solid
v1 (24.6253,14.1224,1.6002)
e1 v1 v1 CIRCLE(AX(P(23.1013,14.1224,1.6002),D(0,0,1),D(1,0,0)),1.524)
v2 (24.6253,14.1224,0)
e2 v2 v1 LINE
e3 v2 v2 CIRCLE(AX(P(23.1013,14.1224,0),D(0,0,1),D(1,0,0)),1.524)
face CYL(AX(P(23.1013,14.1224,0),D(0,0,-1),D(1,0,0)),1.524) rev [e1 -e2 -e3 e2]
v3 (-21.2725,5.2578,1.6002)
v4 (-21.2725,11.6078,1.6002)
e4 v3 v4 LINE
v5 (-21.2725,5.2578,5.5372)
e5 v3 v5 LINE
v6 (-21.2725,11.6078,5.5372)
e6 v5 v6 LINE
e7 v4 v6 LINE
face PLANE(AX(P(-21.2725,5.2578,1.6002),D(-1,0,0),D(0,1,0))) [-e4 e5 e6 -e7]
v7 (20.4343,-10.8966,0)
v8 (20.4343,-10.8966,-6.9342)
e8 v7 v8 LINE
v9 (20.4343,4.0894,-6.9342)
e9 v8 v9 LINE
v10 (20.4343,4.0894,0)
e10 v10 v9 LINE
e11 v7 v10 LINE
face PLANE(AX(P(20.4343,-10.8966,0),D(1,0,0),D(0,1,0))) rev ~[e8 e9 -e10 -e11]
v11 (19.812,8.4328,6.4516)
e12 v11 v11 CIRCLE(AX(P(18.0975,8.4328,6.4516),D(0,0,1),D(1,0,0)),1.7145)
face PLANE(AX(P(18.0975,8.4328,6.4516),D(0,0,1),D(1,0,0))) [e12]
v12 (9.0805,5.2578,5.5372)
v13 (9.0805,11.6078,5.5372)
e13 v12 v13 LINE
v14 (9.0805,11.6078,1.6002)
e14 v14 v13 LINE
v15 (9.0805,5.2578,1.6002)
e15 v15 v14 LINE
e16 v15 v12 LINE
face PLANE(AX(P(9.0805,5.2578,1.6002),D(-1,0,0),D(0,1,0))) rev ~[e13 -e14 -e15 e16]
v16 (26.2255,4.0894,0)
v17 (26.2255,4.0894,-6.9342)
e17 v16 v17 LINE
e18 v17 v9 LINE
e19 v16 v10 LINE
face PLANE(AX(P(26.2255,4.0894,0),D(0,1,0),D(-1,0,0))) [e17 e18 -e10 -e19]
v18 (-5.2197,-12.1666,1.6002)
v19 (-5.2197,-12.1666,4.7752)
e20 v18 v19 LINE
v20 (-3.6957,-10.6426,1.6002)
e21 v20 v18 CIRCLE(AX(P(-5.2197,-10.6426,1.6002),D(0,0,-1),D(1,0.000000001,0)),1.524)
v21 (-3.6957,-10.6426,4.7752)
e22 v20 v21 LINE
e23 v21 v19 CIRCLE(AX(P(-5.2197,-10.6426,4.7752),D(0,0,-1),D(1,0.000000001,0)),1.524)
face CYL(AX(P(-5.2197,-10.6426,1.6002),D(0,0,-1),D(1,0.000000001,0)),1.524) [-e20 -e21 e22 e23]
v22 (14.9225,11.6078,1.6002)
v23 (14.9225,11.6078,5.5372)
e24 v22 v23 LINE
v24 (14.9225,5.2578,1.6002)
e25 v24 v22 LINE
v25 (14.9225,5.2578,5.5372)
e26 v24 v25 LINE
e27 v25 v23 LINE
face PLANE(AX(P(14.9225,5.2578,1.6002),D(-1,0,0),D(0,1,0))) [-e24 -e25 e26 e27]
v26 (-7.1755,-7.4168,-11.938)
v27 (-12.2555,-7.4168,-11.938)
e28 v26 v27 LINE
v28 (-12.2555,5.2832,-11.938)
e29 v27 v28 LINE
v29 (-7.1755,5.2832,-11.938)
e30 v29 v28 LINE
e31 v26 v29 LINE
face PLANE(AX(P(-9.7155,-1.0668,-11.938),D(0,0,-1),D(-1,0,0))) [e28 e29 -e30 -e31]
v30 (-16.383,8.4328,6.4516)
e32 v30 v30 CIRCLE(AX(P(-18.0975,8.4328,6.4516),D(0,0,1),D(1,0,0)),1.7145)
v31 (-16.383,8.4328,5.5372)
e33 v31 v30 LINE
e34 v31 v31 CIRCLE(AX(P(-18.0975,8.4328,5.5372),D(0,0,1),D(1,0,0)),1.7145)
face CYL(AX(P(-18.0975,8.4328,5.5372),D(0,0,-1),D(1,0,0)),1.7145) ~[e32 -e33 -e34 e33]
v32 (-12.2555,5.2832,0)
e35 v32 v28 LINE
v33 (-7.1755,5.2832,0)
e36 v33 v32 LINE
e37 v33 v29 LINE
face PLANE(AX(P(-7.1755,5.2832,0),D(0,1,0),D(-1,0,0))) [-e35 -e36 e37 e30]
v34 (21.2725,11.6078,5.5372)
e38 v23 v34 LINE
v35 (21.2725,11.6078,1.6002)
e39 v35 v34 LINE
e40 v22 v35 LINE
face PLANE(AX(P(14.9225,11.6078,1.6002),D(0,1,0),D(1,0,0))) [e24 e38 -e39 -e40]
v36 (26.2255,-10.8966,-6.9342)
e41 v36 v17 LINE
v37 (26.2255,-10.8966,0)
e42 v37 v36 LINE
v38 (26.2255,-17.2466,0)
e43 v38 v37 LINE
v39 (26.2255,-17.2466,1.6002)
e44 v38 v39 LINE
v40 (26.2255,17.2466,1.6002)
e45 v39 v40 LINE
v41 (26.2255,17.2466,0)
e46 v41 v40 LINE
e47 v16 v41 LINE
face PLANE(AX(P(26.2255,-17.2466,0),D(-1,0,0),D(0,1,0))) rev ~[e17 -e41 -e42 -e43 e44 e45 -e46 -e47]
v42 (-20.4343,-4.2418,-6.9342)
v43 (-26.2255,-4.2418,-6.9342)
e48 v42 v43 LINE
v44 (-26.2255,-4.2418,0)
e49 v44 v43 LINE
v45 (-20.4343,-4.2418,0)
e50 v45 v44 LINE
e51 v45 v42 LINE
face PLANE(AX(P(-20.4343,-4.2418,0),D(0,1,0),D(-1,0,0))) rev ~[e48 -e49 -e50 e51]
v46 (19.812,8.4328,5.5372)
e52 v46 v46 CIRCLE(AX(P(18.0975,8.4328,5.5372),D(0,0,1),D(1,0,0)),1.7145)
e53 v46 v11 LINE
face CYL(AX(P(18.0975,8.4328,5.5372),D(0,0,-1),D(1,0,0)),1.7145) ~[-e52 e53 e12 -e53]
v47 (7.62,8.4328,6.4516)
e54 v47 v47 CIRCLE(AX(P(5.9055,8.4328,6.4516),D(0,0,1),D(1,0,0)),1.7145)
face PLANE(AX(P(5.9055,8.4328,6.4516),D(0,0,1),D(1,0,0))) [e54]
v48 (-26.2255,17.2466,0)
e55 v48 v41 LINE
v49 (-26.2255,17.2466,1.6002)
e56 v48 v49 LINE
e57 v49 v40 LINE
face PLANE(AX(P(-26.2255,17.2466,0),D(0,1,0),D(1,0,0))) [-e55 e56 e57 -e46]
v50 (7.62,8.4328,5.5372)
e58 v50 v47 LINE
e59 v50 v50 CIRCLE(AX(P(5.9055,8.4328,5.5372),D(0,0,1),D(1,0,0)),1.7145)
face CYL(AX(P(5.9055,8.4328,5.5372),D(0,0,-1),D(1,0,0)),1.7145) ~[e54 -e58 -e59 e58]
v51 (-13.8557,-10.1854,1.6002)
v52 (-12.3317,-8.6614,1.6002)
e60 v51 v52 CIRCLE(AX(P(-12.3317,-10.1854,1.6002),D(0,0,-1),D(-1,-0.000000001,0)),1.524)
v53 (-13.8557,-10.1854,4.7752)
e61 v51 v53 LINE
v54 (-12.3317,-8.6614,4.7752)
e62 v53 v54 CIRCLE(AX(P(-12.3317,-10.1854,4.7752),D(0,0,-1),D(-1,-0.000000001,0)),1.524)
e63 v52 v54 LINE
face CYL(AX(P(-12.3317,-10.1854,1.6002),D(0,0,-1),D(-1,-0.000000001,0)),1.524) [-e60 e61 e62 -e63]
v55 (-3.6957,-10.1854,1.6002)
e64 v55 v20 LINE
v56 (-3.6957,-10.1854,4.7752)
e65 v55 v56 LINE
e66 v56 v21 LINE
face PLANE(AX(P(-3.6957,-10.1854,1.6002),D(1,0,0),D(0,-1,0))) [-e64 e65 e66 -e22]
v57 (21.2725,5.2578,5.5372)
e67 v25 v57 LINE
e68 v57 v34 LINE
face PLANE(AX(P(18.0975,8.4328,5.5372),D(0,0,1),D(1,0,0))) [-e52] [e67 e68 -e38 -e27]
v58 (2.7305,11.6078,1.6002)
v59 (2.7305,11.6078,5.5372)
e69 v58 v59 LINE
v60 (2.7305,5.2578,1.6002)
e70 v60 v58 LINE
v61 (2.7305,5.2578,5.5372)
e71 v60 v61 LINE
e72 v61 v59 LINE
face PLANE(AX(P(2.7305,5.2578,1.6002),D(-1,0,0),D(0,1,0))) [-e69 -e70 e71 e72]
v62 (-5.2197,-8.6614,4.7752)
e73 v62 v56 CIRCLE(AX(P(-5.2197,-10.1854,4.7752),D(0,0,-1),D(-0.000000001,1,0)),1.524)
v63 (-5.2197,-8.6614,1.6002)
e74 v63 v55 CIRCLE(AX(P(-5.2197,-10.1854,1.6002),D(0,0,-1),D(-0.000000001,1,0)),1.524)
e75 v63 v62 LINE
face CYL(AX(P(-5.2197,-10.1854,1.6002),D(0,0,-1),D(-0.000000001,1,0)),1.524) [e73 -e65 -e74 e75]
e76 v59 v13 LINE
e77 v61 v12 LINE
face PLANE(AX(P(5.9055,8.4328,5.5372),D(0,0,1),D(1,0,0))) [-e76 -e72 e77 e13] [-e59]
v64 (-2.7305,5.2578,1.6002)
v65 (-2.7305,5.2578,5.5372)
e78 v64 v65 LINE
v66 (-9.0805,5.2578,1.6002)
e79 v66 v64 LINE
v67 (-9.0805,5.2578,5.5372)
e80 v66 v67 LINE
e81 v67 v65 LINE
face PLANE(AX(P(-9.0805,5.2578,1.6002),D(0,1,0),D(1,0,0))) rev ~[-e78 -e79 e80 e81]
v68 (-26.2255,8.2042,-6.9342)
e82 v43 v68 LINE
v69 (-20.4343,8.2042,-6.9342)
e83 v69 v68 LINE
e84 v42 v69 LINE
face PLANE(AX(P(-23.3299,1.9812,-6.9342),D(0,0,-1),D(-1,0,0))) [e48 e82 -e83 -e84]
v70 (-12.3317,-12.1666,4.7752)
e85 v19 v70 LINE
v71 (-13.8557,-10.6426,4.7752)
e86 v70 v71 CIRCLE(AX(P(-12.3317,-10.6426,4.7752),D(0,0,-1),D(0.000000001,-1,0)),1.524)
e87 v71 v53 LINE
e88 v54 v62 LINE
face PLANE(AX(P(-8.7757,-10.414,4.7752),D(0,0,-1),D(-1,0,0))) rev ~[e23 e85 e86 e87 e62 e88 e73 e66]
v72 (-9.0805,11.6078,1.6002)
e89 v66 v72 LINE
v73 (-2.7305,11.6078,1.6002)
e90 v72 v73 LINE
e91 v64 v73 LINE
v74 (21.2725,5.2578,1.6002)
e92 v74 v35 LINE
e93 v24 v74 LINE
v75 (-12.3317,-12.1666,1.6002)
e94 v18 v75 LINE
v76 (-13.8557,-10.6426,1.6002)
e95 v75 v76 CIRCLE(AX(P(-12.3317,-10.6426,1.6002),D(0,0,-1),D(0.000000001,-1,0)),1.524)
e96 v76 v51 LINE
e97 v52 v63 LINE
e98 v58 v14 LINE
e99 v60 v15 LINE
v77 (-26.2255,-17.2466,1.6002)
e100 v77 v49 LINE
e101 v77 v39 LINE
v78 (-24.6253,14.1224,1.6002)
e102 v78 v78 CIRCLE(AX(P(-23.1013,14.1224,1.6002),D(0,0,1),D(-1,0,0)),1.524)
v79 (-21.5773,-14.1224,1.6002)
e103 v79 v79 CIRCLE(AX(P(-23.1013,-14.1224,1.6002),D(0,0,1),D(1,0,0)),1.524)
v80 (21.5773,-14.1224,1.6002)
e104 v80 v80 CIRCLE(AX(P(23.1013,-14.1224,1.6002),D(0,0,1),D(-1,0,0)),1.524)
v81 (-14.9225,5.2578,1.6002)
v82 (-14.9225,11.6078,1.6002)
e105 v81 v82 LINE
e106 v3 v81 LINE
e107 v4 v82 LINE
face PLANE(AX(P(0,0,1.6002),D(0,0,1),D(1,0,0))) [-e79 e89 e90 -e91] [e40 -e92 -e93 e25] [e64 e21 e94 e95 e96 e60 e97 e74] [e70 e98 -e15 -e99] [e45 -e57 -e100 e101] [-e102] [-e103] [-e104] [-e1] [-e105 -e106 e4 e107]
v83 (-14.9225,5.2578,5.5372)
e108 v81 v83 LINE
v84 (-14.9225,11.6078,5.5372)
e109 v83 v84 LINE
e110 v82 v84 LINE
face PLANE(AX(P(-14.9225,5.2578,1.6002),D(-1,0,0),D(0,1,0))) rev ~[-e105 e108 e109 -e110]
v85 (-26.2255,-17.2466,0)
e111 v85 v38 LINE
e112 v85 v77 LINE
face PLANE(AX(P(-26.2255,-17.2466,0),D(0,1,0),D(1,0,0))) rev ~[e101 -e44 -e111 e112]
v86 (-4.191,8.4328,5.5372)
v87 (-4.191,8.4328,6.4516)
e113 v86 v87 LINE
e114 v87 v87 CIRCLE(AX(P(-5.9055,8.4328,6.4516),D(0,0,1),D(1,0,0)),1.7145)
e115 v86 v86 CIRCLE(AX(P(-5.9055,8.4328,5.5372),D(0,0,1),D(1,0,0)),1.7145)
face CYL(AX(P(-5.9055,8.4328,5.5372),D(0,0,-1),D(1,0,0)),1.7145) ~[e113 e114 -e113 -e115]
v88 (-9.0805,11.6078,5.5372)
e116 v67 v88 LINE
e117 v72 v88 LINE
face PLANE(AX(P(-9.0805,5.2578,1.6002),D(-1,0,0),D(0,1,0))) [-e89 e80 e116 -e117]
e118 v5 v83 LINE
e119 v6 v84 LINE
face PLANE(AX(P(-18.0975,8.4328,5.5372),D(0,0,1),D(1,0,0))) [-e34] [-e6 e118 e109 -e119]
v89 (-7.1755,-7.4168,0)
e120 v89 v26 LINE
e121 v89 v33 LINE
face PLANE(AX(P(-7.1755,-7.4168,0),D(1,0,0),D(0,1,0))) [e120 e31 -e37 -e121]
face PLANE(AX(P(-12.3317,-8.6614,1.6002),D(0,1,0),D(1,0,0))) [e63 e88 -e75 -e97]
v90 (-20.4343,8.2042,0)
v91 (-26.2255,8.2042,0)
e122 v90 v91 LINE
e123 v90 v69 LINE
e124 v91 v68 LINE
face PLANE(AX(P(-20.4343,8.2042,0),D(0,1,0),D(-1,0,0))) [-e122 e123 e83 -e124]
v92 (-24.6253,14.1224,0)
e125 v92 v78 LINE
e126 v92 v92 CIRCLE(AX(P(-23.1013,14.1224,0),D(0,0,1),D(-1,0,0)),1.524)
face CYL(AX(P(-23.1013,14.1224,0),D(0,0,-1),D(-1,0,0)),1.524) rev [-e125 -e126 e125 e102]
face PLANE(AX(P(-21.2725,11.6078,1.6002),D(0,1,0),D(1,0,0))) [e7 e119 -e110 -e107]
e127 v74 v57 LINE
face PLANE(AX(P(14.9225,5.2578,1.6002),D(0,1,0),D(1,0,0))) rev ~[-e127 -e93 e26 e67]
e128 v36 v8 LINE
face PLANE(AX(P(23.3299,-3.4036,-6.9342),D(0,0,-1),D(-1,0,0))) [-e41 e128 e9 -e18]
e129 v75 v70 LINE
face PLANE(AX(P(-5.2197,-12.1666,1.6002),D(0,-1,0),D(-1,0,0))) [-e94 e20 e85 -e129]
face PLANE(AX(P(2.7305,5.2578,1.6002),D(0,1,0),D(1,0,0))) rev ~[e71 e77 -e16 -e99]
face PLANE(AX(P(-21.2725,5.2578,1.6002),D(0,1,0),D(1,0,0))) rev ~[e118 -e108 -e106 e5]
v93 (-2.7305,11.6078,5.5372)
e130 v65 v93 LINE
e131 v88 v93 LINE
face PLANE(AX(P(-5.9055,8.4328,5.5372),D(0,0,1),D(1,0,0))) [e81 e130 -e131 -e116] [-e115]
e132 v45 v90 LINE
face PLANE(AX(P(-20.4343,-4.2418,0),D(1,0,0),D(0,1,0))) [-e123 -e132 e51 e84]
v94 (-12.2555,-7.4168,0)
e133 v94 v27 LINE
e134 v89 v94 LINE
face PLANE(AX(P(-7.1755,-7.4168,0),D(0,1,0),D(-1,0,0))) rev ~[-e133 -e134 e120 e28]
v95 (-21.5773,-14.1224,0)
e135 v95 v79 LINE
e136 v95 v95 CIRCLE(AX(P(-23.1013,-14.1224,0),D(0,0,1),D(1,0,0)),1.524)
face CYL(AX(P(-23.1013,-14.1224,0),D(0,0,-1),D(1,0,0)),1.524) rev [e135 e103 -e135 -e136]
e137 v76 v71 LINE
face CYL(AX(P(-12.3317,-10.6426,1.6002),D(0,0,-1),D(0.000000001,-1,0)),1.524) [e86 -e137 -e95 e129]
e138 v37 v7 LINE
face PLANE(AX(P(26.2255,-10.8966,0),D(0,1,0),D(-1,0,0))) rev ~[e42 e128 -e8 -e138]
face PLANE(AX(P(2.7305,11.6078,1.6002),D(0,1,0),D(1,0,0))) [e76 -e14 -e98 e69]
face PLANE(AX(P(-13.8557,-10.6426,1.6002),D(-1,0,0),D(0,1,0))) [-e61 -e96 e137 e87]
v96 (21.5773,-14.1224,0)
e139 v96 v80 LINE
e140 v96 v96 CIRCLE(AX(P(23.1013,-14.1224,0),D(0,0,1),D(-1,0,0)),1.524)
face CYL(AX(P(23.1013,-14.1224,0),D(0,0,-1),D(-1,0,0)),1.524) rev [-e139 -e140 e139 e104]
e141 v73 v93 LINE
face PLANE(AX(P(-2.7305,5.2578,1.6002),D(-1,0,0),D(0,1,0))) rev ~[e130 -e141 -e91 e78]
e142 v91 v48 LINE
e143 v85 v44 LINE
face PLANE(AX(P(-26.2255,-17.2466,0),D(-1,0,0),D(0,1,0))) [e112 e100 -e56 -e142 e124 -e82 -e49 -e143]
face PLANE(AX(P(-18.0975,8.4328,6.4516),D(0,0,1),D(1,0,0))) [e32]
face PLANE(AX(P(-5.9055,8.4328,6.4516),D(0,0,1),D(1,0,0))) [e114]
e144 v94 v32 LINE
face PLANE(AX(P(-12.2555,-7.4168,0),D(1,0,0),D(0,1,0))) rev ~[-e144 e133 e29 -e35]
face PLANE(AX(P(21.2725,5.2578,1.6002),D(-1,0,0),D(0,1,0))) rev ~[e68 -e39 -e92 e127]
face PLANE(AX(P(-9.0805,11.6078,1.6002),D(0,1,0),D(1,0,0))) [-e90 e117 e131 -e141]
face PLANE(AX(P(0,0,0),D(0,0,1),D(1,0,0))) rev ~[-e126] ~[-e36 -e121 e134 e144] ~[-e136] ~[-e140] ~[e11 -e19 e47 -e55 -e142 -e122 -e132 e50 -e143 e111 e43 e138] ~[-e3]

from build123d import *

# Parameters (mm, degrees)
SKETCH1_W           = 52.451
SKETCH1_H           = 34.4932
SKETCH1_R           = 1.524
BOSS_EXTRUDE1_DEPTH = 1.6002
SKETCH2_W           = 6.35
SKETCH2_H           = 6.35
BOSS_EXTRUDE2_DEPTH = 3.937
BOSS_EXTRUDE3_DEPTH = 3.175
SKETCH4_W           = 5.7912
SKETCH4_H           = 14.986
SKETCH4_H_2         = 12.446
BOSS_EXTRUDE4_DEPTH = 6.9342
SKETCH5_W           = 5.08
SKETCH5_H           = 12.7
BOSS_EXTRUDE5_DEPTH = 11.938
SKETCH6_R           = 1.7145
BOSS_EXTRUDE6_DEPTH = 0.9144


with BuildPart() as part:
    # Sketch1 → Boss-Extrude1 (new body)
    with BuildSketch(Plane.XY):
        Rectangle(SKETCH1_W, SKETCH1_H)
        with Locations((23.1013, 14.1224)):
            Circle(SKETCH1_R, mode=Mode.SUBTRACT)
        with Locations(Location((23.1013, -14.1224, 0), (0, 0, 180))):
            Circle(SKETCH1_R, mode=Mode.SUBTRACT)
        with Locations((-23.1013, -14.1224)):
            Circle(SKETCH1_R, mode=Mode.SUBTRACT)
        with Locations(Location((-23.1013, 14.1224, 0), (0, 0, 180))):
            Circle(SKETCH1_R, mode=Mode.SUBTRACT)
    extrude(amount=BOSS_EXTRUDE1_DEPTH)

    # Sketch2 → Boss-Extrude2 (add)
    with BuildSketch(Plane.XY.offset(1.6002)):
        with Locations((-18.0975, 8.4328)):
            Rectangle(SKETCH2_W, SKETCH2_H)
        with Locations((-5.9055, 8.4328)):
            Rectangle(SKETCH2_W, SKETCH2_H)
        with Locations((18.0975, 8.4328)):
            Rectangle(SKETCH2_W, SKETCH2_H)
        with Locations((5.9055, 8.4328)):
            Rectangle(SKETCH2_W, SKETCH2_H)
    extrude(amount=BOSS_EXTRUDE2_DEPTH)

    # Sketch3 → Boss-Extrude3 (add)
    with BuildSketch(Plane.XY.offset(1.6002)):
        with BuildLine():
            Line((-12.3317, -8.6614), (-5.2197, -8.6614))
            ThreePointArc((-5.2197, -8.6614), (-4.142069265, -9.107769265), (-3.6957, -10.1854))
            Line((-3.6957, -10.1854), (-3.6957, -10.6426))
            ThreePointArc((-3.6957, -10.6426), (-4.142069265, -11.720230735), (-5.2197, -12.1666))
            Line((-5.2197, -12.1666), (-12.3317, -12.1666))
            ThreePointArc((-12.3317, -12.1666), (-13.409330735, -11.720230735), (-13.8557, -10.6426))
            Line((-13.8557, -10.6426), (-13.8557, -10.1854))
            ThreePointArc((-13.8557, -10.1854), (-13.409330735, -9.107769265), (-12.3317, -8.6614))
        make_face()
    extrude(amount=BOSS_EXTRUDE3_DEPTH)

    # Sketch4 → Boss-Extrude4 (add)
    with BuildSketch(Plane(origin=(0, 0, 0), x_dir=(-1, 0, 0), z_dir=(0, 0, -1))):
        with Locations((-23.3299, -3.4036)):
            Rectangle(SKETCH4_W, SKETCH4_H)
        with Locations((23.3299, 1.9812)):
            Rectangle(SKETCH4_W, SKETCH4_H_2)
    extrude(amount=BOSS_EXTRUDE4_DEPTH)

    # Sketch5 → Boss-Extrude5 (add)
    with BuildSketch(Plane(origin=(0, 0, 0), x_dir=(-1, 0, 0), z_dir=(0, 0, -1))):
        with Locations((9.7155, -1.0668)):
            Rectangle(SKETCH5_W, SKETCH5_H)
    extrude(amount=BOSS_EXTRUDE5_DEPTH)

    # Sketch6 → Boss-Extrude6 (add)
    with BuildSketch(Plane.XY.offset(5.5372)):
        with Locations((-18.0975, 8.4328)):
            Circle(SKETCH6_R)
        with Locations((-5.9055, 8.4328)):
            Circle(SKETCH6_R)
        with Locations((5.9055, 8.4328)):
            Circle(SKETCH6_R)
        with Locations((18.0975, 8.4328)):
            Circle(SKETCH6_R)
    extrude(amount=BOSS_EXTRUDE6_DEPTH)


solid = part.part
